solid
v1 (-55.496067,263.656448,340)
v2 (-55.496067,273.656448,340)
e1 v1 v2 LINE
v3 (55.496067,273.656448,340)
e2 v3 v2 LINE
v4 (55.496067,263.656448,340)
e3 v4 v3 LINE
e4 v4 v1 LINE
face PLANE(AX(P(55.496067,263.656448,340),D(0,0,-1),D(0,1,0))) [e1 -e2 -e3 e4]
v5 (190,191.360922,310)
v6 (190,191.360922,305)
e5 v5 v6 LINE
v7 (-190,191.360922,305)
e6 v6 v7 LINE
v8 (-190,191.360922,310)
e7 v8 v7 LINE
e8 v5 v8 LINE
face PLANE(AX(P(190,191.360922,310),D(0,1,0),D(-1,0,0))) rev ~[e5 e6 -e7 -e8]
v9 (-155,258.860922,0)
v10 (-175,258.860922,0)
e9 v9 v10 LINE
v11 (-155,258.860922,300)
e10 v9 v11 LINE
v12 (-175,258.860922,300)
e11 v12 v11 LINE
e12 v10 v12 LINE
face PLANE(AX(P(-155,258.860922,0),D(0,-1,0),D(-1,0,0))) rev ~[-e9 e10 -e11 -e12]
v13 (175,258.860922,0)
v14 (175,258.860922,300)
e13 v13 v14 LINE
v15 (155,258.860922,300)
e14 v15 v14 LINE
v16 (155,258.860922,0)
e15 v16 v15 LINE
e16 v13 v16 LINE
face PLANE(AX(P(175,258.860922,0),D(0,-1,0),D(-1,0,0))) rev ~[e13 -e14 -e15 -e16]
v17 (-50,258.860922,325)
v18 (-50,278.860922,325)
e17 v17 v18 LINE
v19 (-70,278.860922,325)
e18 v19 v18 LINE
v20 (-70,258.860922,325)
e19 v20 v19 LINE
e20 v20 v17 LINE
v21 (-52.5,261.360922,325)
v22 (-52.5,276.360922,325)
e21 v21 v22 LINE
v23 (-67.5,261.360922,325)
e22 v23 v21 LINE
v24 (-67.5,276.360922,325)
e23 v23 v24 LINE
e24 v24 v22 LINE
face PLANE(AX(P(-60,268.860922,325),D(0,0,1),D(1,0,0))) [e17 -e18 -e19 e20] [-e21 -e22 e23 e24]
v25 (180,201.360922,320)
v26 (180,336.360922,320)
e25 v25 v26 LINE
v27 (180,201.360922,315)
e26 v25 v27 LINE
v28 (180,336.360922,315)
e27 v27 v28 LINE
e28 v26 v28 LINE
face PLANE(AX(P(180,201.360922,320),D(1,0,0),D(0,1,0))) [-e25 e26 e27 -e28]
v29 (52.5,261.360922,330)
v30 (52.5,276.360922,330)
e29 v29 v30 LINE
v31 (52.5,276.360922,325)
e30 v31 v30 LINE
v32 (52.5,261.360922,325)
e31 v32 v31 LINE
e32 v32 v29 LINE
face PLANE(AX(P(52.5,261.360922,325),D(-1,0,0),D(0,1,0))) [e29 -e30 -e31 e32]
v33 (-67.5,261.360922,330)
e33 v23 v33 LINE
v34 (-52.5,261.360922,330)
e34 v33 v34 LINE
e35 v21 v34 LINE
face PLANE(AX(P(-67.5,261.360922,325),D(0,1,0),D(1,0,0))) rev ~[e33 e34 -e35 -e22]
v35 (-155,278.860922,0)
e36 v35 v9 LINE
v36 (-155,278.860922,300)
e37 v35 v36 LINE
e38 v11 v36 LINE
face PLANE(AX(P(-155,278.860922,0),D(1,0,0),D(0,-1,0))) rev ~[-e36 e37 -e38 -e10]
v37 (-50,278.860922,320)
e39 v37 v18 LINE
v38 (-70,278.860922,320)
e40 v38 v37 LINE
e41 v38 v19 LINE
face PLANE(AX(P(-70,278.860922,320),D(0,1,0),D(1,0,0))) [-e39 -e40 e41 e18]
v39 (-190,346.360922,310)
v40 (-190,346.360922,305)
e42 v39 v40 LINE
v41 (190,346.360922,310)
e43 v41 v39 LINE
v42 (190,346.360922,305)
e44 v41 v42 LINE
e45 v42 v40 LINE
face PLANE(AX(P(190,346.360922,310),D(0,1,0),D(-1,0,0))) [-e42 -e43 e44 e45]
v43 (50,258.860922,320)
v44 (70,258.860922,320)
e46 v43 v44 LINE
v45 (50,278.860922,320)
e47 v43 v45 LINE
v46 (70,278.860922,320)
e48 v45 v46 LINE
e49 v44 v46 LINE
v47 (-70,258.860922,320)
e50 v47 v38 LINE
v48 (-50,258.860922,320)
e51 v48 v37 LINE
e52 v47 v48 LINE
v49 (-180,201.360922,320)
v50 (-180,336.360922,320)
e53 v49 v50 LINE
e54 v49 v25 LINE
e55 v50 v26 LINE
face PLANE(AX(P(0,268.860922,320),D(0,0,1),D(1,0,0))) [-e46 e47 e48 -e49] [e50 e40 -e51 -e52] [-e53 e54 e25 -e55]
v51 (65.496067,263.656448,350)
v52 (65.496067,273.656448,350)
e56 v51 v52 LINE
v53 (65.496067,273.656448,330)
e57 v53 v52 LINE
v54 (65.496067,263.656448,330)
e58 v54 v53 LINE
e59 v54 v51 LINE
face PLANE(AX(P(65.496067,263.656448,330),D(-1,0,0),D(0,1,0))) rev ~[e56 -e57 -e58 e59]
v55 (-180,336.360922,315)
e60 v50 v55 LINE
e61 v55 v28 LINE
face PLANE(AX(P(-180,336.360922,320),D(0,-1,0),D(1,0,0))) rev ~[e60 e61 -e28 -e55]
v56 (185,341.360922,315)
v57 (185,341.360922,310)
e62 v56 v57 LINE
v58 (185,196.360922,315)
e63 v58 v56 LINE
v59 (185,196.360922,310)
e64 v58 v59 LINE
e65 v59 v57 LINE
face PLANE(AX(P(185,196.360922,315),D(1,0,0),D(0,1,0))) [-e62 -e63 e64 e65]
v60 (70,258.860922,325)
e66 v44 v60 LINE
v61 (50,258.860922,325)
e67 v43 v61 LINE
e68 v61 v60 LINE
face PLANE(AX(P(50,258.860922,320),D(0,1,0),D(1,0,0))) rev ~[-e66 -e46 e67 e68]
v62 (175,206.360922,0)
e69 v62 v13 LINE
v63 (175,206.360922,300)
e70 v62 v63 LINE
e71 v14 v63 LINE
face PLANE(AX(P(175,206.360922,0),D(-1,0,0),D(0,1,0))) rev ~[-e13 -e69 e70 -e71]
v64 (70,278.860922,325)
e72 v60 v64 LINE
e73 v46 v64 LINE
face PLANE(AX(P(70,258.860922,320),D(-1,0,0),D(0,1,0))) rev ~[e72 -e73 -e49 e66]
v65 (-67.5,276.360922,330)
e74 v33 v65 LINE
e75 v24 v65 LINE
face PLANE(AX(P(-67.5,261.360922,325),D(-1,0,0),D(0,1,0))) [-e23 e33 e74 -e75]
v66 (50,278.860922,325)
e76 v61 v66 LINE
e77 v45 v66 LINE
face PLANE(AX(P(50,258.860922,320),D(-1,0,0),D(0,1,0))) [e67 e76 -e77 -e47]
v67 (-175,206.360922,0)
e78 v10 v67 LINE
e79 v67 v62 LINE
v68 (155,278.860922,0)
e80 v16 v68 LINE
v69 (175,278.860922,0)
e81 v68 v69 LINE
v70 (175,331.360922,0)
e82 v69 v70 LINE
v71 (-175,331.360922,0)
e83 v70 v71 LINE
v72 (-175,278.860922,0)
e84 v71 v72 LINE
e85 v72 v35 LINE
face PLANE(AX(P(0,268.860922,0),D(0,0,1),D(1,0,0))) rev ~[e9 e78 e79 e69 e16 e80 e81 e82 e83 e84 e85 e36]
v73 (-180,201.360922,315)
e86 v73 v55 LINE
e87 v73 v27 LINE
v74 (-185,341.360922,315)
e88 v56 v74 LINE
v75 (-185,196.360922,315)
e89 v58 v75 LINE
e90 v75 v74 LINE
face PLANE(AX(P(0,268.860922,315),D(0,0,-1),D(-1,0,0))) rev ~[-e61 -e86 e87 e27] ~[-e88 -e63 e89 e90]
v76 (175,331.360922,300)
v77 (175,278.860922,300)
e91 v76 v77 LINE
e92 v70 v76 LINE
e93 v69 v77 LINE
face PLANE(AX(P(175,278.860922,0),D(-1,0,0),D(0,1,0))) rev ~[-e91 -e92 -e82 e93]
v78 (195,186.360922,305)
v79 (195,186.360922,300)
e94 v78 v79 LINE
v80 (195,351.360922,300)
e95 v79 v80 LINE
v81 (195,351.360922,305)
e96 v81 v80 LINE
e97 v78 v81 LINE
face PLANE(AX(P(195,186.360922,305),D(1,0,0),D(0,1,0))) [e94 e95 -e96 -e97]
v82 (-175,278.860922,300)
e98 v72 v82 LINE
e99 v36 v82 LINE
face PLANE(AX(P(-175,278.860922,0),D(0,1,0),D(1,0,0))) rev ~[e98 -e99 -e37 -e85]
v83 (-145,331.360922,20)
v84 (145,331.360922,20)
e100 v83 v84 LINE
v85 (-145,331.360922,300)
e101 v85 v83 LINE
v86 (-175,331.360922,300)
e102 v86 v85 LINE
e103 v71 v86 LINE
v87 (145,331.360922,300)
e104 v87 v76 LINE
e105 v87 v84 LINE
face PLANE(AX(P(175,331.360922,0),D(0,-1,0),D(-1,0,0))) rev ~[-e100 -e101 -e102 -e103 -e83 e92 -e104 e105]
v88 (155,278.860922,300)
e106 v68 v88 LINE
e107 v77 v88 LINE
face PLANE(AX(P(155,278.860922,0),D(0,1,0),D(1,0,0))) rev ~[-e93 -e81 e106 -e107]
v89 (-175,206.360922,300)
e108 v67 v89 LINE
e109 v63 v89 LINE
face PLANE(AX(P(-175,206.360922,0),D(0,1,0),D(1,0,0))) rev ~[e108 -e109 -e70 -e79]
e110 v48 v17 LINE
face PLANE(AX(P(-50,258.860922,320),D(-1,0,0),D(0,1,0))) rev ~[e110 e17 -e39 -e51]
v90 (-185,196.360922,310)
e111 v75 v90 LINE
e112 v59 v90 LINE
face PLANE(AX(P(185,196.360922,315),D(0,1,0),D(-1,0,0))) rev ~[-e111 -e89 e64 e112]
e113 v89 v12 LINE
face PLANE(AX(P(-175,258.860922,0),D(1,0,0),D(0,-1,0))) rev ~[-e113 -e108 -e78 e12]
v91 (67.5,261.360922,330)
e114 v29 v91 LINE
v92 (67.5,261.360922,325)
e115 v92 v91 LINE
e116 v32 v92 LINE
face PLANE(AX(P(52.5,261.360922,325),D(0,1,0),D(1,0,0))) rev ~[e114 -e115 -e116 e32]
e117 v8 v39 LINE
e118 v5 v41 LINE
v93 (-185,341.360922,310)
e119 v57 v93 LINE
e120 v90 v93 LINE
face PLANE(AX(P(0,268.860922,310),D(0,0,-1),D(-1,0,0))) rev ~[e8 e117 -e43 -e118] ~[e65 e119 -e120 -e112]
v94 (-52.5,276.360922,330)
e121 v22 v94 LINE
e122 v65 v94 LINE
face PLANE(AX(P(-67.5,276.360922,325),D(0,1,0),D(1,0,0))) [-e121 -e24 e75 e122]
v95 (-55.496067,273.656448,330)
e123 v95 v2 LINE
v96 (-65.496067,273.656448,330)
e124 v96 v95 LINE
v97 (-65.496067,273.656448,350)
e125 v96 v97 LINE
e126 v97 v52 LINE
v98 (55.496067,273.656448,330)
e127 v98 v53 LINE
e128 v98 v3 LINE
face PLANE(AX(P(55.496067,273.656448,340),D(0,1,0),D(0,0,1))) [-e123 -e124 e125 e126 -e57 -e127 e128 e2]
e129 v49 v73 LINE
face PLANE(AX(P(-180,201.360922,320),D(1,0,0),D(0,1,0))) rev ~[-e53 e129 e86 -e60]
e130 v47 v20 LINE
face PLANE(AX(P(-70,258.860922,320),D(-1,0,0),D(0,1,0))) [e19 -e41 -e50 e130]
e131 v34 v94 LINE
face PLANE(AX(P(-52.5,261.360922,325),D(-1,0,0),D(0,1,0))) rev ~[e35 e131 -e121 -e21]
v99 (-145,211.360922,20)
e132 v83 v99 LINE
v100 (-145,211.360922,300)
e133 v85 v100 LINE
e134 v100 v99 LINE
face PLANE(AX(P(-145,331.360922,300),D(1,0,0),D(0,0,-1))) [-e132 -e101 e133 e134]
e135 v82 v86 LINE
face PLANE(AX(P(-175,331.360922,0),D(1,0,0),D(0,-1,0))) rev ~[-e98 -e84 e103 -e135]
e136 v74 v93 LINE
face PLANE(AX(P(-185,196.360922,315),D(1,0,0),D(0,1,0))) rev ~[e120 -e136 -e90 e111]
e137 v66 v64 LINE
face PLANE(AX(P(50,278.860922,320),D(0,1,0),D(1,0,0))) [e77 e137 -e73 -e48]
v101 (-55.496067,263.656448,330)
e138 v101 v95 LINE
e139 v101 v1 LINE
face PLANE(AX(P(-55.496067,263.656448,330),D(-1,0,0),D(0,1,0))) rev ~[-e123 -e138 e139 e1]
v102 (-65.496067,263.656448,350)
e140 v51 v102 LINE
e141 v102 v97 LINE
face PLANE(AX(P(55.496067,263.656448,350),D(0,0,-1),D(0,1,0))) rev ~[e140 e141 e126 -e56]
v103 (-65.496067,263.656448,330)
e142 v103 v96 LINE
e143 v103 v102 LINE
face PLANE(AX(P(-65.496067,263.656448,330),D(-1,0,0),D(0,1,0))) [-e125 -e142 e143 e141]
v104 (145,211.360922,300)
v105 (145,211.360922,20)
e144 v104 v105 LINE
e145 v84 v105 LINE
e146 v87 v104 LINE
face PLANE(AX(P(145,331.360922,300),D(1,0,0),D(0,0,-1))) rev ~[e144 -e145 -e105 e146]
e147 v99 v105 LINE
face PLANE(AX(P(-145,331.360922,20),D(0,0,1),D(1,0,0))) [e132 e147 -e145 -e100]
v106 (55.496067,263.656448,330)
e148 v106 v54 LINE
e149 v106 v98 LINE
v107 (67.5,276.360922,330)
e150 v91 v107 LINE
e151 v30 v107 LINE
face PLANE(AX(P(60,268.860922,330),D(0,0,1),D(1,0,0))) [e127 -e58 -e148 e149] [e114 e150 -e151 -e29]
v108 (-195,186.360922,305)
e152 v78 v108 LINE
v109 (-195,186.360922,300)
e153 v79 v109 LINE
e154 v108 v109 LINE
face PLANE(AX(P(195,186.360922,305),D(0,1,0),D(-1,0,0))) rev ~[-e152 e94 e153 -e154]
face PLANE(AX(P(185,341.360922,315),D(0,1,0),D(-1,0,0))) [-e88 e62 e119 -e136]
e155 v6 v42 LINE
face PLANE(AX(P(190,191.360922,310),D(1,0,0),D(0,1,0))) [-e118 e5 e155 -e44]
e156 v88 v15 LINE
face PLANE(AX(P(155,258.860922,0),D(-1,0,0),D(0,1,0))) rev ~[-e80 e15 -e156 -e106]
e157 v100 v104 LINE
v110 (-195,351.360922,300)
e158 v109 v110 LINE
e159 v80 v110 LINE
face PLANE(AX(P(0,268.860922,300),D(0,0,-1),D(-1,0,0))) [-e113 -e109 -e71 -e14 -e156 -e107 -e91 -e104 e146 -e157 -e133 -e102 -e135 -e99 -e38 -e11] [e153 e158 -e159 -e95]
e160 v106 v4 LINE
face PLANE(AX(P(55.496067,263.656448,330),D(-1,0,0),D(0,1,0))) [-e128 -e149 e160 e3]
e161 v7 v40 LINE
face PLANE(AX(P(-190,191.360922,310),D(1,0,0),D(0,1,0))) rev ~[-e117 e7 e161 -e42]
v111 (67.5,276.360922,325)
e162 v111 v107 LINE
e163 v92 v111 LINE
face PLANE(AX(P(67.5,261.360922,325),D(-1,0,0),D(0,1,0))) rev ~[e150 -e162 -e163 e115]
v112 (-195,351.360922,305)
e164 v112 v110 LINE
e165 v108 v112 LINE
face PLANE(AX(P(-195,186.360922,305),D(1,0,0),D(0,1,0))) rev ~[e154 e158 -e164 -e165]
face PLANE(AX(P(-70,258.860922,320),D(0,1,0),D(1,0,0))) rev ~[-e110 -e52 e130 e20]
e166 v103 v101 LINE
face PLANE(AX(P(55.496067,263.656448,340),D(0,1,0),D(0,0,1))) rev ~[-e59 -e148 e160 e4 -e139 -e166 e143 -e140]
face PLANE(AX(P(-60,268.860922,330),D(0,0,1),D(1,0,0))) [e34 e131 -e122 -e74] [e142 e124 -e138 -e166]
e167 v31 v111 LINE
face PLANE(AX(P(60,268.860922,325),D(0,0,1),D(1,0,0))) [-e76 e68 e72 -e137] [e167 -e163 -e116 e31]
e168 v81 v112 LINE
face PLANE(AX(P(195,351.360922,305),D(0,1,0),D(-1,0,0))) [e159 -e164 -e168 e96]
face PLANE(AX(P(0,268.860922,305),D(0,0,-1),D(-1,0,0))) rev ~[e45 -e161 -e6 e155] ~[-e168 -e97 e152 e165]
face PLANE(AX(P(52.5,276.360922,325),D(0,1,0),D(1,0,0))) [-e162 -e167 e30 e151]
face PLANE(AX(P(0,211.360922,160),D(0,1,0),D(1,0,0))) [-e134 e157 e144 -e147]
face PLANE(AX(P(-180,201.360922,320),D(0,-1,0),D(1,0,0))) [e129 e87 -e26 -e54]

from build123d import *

# Parameters (mm, degrees)
BOSS_EXTRUDE1_DEPTH = 320
SKETCH2_W           = 20
SKETCH2_H           = 20
BOSS_EXTRUDE2_DEPTH = 5
SKETCH3_W           = 15
SKETCH3_H           = 15
BOSS_EXTRUDE3_DEPTH = 5
SKETCH4_W           = 10
SKETCH4_H           = 10
BOSS_EXTRUDE4_DEPTH = 20
BOSS_EXTRUDE5_REACH = 232.496
SKETCH5_W           = 10
SKETCH5_H           = 10
SKETCH6_W           = 290
SKETCH6_H           = 280
CUT_EXTRUDE1_DEPTH  = 120
SKETCH7_W           = 360
SKETCH7_H           = 135
BOSS_EXTRUDE6_DEPTH = 5
SKETCH8_W           = 370
SKETCH8_H           = 145
BOSS_EXTRUDE7_DEPTH = 5
SKETCH9_W           = 380
SKETCH9_H           = 155
BOSS_EXTRUDE8_DEPTH = 5
SKETCH10_W          = 390
SKETCH10_H          = 165
BOSS_EXTRUDE9_DEPTH = 5


with BuildPart() as part:
    # Sketch1 → Boss-Extrude1 (new body)
    with BuildSketch(Plane.XY):
        Polygon((-175, 206.36092205), (175, 206.36092205), (175, 258.86092205), (155, 258.86092205), (155, 278.86092205), (175, 278.86092205), (175, 331.36092205), (-175, 331.36092205), (-175, 278.86092205), (-155, 278.86092205), (-155, 258.86092205), (-175, 258.86092205), align=None)
    extrude(amount=BOSS_EXTRUDE1_DEPTH)

    # Sketch2 → Boss-Extrude2 (add)
    with BuildSketch(Plane.XY.offset(320)):
        with Locations((60, 268.86092205)):
            Rectangle(SKETCH2_W, SKETCH2_H)
        with Locations((-60, 268.86092205)):
            Rectangle(SKETCH2_W, SKETCH2_H)
    extrude(amount=BOSS_EXTRUDE2_DEPTH)

    # Sketch3 → Boss-Extrude3 (add)
    with BuildSketch(Plane.XY.offset(325)):
        with Locations((60, 268.86092205)):
            Rectangle(SKETCH3_W, SKETCH3_H)
        with Locations((-60, 268.86092205)):
            Rectangle(SKETCH3_W, SKETCH3_H)
    extrude(amount=BOSS_EXTRUDE3_DEPTH)

    # Sketch4 → Boss-Extrude4 (add)
    with BuildSketch(Plane.XY.offset(330)):
        with Locations((60.496067434, 268.65644762)):
            Rectangle(SKETCH4_W, SKETCH4_H)
        with Locations((-60.496067434, 268.65644762)):
            Rectangle(SKETCH4_W, SKETCH4_H)
    extrude(amount=BOSS_EXTRUDE4_DEPTH)

    # Sketch5 → Boss-Extrude5 (add, up to next)
    with BuildSketch(Plane.ZY.offset(-55.496067434), mode=Mode.PRIVATE) as boss_extrude5_sk1:
        with Locations((345, 268.65644762)):
            Rectangle(SKETCH5_W, SKETCH5_H)
    boss_extrude5_tool1 = extrude(boss_extrude5_sk1.sketch, amount=BOSS_EXTRUDE5_REACH, mode=Mode.PRIVATE) - part.part
    add(boss_extrude5_tool1.solids().sort_by_distance((55.496067, 268.656448, 345))[0])

    # Sketch6 → Cut-Extrude1 (cut)
    with BuildSketch(Plane(origin=(0, 331.36092205, 0), x_dir=(1, 0, 0), z_dir=(0, 1, 0))):
        with Locations((0, -160)):
            Rectangle(SKETCH6_W, SKETCH6_H)
    extrude(amount=-CUT_EXTRUDE1_DEPTH, mode=Mode.SUBTRACT)

    # Sketch7 → Boss-Extrude6 (add)
    with BuildSketch(Plane.XY.offset(320)):
        with Locations((0, 268.86092205)):
            Rectangle(SKETCH7_W, SKETCH7_H)
    extrude(amount=-BOSS_EXTRUDE6_DEPTH)

    # Sketch8 → Boss-Extrude7 (add)
    with BuildSketch(Plane(origin=(0, 0, 315), x_dir=(-1, 0, 0), z_dir=(0, 0, -1))):
        with Locations((0, 268.86092205)):
            Rectangle(SKETCH8_W, SKETCH8_H)
    extrude(amount=BOSS_EXTRUDE7_DEPTH)

    # Sketch9 → Boss-Extrude8 (add)
    with BuildSketch(Plane(origin=(0, 0, 310), x_dir=(-1, 0, 0), z_dir=(0, 0, -1))):
        with Locations((0, 268.86092205)):
            Rectangle(SKETCH9_W, SKETCH9_H)
    extrude(amount=BOSS_EXTRUDE8_DEPTH)

    # Sketch10 → Boss-Extrude9 (add)
    with BuildSketch(Plane(origin=(0, 0, 305), x_dir=(-1, 0, 0), z_dir=(0, 0, -1))):
        with Locations((0, 268.86092205)):
            Rectangle(SKETCH10_W, SKETCH10_H)
    extrude(amount=BOSS_EXTRUDE9_DEPTH)


solid = part.part
